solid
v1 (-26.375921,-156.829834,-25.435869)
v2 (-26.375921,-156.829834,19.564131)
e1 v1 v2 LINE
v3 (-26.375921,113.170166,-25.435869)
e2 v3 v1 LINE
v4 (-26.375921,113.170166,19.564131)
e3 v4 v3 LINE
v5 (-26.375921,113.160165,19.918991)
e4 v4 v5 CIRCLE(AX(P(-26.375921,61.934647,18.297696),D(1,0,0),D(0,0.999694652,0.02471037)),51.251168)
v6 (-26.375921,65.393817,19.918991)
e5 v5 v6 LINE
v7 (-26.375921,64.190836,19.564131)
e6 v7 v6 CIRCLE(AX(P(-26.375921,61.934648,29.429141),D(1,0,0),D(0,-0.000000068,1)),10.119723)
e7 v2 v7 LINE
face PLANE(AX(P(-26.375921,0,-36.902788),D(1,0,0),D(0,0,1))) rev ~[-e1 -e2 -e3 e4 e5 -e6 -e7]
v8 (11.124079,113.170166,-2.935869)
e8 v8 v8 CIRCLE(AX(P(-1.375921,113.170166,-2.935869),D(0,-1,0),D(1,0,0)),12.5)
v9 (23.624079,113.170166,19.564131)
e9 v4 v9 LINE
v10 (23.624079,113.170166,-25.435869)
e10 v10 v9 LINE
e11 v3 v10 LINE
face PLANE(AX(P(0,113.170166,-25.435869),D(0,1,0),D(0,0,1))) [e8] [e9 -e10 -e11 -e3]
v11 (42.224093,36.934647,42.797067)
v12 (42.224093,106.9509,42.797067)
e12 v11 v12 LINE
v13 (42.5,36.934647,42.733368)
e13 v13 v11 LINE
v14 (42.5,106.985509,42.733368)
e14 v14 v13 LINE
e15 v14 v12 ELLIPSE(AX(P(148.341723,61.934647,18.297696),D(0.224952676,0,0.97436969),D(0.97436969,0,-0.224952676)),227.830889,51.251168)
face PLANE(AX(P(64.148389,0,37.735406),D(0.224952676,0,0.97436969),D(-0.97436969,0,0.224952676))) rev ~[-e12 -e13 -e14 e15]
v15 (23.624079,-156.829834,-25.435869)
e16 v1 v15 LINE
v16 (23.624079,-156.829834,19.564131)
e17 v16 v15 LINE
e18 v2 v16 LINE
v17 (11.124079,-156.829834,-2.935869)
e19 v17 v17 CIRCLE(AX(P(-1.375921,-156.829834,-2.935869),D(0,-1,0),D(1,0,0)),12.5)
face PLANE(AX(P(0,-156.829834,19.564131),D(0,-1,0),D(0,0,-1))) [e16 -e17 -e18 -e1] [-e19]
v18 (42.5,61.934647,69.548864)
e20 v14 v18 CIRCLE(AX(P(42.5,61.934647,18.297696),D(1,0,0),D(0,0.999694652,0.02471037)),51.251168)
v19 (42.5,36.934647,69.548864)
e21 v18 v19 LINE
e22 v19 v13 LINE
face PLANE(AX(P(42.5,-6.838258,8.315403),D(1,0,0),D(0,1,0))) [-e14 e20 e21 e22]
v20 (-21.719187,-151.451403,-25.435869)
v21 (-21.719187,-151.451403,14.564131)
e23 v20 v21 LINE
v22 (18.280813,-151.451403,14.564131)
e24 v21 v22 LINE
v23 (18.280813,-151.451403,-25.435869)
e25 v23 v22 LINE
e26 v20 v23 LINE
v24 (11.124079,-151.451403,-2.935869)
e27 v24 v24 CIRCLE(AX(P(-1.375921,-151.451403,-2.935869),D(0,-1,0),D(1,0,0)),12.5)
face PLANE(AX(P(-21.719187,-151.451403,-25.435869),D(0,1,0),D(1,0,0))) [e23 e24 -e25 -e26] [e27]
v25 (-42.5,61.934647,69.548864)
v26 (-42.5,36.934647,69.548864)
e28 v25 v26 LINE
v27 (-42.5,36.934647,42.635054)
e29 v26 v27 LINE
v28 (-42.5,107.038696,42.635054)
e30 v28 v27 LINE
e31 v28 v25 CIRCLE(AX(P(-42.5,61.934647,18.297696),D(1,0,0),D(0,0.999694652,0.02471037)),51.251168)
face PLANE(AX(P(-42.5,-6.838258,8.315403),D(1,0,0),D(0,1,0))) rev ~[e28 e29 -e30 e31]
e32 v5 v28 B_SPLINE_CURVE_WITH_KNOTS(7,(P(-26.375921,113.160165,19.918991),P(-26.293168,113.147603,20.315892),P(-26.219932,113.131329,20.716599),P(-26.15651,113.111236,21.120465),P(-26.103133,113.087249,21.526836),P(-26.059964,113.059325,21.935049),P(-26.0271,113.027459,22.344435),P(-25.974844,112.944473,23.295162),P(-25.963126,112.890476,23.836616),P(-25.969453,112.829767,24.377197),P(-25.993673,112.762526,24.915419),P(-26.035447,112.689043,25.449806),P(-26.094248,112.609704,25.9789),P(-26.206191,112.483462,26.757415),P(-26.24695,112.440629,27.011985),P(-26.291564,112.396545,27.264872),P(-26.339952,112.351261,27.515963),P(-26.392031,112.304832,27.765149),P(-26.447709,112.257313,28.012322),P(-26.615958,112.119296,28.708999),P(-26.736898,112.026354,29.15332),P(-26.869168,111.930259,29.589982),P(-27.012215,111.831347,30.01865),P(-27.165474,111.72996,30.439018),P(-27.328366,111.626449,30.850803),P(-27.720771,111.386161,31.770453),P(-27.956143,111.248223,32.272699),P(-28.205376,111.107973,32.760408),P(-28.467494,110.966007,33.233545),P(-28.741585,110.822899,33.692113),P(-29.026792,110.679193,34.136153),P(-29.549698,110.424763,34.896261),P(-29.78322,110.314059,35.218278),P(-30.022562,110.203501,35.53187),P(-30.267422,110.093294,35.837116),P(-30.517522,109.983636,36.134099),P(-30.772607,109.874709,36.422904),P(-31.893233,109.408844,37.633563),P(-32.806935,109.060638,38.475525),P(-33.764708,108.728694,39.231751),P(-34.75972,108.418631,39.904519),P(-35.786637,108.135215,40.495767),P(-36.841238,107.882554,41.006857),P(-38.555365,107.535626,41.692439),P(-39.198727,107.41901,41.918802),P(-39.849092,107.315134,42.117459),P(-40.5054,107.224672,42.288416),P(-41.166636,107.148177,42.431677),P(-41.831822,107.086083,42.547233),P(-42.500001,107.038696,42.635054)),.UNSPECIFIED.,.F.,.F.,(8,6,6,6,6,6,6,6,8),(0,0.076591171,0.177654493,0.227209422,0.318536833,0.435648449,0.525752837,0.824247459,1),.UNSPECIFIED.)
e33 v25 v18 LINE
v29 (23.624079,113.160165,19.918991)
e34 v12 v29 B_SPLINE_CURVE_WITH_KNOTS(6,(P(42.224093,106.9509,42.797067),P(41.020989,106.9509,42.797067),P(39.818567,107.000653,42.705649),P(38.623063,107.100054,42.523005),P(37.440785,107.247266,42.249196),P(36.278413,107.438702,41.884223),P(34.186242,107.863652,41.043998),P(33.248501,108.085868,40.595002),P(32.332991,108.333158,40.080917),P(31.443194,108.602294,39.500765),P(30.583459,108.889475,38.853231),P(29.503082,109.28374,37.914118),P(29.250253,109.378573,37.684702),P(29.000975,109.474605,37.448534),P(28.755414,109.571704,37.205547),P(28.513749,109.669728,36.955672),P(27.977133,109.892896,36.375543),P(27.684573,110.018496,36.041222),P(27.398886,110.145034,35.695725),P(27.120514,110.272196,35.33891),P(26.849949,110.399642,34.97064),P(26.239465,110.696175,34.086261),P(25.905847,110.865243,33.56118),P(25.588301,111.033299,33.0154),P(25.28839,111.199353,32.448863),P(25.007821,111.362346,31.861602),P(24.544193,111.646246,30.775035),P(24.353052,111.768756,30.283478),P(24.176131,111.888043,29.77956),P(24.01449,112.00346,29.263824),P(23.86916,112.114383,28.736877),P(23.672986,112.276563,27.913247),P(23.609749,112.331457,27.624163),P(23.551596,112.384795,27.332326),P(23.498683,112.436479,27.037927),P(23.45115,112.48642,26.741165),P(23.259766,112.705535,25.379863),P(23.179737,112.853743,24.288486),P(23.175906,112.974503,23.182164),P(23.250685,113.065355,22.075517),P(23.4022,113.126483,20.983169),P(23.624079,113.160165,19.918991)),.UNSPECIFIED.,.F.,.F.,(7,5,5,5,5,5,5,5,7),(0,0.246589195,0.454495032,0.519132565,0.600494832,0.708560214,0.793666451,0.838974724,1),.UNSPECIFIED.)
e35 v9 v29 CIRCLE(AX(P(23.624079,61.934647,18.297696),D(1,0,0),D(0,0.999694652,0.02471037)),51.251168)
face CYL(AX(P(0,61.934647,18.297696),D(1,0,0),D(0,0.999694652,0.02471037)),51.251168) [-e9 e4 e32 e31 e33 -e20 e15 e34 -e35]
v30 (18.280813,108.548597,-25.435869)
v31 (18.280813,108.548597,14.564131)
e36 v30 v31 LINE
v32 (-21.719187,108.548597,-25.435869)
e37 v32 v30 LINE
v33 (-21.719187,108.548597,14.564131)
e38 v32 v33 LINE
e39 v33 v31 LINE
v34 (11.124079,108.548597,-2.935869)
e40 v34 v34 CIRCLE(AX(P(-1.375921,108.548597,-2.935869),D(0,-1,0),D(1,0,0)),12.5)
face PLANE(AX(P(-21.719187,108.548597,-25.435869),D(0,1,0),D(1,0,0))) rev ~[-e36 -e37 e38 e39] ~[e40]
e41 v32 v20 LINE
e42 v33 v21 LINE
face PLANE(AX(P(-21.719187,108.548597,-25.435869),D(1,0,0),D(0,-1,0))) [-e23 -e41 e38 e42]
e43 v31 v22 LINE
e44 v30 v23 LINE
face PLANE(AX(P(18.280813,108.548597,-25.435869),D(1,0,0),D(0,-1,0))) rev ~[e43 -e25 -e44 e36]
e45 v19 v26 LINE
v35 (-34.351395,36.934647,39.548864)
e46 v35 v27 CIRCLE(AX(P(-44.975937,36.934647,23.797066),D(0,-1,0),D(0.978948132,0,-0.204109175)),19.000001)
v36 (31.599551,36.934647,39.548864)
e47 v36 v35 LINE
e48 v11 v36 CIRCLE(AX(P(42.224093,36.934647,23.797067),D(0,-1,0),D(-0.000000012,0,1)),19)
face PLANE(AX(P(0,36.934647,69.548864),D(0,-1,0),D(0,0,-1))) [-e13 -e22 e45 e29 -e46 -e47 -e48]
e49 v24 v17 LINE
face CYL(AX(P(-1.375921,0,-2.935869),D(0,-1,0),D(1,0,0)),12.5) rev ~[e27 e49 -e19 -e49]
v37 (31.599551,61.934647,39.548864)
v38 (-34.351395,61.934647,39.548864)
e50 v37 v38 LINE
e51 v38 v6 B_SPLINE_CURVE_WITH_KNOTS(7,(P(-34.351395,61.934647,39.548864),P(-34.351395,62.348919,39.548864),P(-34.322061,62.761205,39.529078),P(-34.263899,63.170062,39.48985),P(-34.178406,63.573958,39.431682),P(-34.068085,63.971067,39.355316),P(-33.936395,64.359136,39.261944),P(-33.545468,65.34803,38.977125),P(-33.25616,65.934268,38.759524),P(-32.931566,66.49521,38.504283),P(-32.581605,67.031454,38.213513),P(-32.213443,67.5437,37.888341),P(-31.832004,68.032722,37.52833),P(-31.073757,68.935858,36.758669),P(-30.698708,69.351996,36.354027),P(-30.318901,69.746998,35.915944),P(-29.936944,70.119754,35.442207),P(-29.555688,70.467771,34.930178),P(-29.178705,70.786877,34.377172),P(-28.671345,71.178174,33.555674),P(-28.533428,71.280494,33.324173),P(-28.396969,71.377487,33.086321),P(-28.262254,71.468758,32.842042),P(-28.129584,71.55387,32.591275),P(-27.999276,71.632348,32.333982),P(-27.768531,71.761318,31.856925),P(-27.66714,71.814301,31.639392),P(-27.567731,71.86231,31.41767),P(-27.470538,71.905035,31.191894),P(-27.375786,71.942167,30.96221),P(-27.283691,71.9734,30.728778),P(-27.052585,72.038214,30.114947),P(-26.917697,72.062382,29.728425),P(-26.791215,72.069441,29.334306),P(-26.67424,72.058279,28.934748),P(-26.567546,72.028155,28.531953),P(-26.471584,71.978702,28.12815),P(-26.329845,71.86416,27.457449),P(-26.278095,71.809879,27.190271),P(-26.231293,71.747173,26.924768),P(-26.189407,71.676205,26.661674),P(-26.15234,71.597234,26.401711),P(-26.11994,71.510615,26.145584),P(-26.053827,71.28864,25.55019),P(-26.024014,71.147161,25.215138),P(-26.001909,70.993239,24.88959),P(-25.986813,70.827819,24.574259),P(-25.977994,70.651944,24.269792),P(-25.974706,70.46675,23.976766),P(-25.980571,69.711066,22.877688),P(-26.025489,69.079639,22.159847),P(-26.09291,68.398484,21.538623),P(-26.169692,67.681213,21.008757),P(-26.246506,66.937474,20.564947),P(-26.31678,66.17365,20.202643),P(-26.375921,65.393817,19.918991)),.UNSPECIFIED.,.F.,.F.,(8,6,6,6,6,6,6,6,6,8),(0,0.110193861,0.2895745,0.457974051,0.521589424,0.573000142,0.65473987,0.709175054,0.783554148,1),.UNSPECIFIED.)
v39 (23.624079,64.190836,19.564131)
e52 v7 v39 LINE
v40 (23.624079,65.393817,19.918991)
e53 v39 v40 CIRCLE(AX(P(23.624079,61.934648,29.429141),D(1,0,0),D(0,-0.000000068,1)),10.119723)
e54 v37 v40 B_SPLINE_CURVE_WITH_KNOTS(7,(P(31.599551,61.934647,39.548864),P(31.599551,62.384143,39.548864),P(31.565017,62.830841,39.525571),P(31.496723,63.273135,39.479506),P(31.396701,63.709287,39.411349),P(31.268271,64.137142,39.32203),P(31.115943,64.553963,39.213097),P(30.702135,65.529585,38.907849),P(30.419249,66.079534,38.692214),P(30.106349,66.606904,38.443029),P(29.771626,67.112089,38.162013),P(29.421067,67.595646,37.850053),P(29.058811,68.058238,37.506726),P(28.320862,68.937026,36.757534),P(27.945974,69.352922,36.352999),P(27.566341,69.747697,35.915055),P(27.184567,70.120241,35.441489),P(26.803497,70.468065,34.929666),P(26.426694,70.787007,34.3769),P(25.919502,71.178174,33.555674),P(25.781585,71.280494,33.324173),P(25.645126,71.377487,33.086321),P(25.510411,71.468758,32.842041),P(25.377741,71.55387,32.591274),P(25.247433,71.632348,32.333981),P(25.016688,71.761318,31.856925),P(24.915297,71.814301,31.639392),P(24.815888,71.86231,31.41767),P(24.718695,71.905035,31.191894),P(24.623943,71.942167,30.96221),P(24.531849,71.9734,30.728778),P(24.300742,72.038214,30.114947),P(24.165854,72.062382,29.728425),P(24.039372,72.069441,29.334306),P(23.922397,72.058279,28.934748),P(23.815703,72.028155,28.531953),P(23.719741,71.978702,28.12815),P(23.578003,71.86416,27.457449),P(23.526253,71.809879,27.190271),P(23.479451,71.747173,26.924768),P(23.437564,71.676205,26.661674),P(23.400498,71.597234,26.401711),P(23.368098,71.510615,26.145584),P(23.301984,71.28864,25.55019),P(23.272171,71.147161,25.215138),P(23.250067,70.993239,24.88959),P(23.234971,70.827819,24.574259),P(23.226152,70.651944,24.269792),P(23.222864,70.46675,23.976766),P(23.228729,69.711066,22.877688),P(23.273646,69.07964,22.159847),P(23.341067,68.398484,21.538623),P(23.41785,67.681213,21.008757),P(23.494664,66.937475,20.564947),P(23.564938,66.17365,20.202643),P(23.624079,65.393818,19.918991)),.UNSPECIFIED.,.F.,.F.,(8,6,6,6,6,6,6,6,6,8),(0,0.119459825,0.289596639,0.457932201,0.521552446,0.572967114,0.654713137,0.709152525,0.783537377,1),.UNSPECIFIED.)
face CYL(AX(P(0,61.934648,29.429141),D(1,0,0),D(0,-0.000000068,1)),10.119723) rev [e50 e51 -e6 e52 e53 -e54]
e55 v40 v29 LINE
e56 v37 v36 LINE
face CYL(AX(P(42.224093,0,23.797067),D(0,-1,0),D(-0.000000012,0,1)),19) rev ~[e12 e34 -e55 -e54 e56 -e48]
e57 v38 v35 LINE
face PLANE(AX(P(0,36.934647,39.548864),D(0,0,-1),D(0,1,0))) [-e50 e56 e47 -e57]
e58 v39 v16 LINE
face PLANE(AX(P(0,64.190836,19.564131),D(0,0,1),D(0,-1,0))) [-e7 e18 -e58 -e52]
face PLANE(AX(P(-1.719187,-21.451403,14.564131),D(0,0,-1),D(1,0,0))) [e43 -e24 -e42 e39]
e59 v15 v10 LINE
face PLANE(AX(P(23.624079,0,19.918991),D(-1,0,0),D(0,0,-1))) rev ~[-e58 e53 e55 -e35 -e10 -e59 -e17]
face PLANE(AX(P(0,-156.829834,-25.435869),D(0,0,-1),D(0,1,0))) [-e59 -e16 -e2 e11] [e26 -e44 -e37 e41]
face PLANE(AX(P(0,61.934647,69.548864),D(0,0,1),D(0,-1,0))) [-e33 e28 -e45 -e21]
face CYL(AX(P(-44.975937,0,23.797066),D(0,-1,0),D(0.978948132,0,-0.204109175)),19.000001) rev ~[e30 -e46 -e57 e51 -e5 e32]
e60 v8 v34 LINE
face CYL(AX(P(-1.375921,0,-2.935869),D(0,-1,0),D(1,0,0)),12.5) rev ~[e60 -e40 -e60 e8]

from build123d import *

# Parameters (mm, degrees)
F1_DEPTH = 42.5
F3_DEPTH = 174
F4_R     = 12.5
F5_DEPTH = 266
F6_W     = 40
F6_H     = 260
F7_DEPTH = 40


with BuildPart() as f1:
    # F0 (on Right) → F1 (new body, symmetric)
    with BuildSketch(Plane.YZ):
        with BuildLine():
            ThreePointArc((61.934647, 39.548864), (71.990491, 30.564401), (64.190836, 19.564131))
            Line((64.190836, 19.564131), (52.245142, 19.564131))
            Line((52.245142, 19.564131), (-156.829834, 19.564131))
            Line((-156.829834, 19.564131), (-156.829834, -25.435869))
            Line((-156.829834, -25.435869), (113.170166, -25.435869))
            Line((113.170166, -25.435869), (113.170166, 19.564131))
            ThreePointArc((113.170166, 19.564131), (97.724143, 54.982764), (61.934647, 69.548864))
            Line((61.934647, 69.548864), (36.934647, 69.548864))
            Line((36.934647, 69.548864), (36.934647, 39.548864))
            Line((36.934647, 39.548864), (61.934647, 39.548864))
        make_face()
    extrude(amount=F1_DEPTH, both=True)

    # F2 (on Front) → F3 (cut, symmetric)
    with BuildSketch(Plane.XZ):
        with BuildLine():
            Line((23.624079, 19.918991), (23.624079, -36.902788))
            Line((23.624079, -36.902788), (-26.375921, -36.902788))
            Line((-26.375921, -36.902788), (-26.375921, 19.918991))
            ThreePointArc((-26.375921, 19.918991), (-30.233422, 35.78282), (-44.975936, 42.797067))
            Line((-44.975936, 42.797067), (-64.052075, -61.106175))
            Line((-64.052075, -61.106175), (44.571461, -67.325629))
            Line((44.571461, -67.325629), (64.148389, 37.735406))
            Line((64.148389, 37.735406), (42.224093, 42.797067))
            ThreePointArc((42.224093, 42.797067), (27.481579, 35.78282), (23.624079, 19.918991))
        make_face()
    extrude(amount=F3_DEPTH, both=True, mode=Mode.SUBTRACT)

    # F4 (on Front) → F5 (cut, symmetric)
    with BuildSketch(Plane.XZ):
        with Locations((-1.375921, -2.935869)):
            Circle(F4_R)
    extrude(amount=F5_DEPTH, both=True, mode=Mode.SUBTRACT)

    # F6 (on face) → F7 (cut)
    with BuildSketch(Plane(origin=(0, 0, -25.435869), x_dir=(1, 0, 0), z_dir=(0, 0, -1))):
        with Locations((-1.719187, 21.451403)):
            Rectangle(F6_W, F6_H)
    extrude(amount=-F7_DEPTH, mode=Mode.SUBTRACT)


solid = f1.part
